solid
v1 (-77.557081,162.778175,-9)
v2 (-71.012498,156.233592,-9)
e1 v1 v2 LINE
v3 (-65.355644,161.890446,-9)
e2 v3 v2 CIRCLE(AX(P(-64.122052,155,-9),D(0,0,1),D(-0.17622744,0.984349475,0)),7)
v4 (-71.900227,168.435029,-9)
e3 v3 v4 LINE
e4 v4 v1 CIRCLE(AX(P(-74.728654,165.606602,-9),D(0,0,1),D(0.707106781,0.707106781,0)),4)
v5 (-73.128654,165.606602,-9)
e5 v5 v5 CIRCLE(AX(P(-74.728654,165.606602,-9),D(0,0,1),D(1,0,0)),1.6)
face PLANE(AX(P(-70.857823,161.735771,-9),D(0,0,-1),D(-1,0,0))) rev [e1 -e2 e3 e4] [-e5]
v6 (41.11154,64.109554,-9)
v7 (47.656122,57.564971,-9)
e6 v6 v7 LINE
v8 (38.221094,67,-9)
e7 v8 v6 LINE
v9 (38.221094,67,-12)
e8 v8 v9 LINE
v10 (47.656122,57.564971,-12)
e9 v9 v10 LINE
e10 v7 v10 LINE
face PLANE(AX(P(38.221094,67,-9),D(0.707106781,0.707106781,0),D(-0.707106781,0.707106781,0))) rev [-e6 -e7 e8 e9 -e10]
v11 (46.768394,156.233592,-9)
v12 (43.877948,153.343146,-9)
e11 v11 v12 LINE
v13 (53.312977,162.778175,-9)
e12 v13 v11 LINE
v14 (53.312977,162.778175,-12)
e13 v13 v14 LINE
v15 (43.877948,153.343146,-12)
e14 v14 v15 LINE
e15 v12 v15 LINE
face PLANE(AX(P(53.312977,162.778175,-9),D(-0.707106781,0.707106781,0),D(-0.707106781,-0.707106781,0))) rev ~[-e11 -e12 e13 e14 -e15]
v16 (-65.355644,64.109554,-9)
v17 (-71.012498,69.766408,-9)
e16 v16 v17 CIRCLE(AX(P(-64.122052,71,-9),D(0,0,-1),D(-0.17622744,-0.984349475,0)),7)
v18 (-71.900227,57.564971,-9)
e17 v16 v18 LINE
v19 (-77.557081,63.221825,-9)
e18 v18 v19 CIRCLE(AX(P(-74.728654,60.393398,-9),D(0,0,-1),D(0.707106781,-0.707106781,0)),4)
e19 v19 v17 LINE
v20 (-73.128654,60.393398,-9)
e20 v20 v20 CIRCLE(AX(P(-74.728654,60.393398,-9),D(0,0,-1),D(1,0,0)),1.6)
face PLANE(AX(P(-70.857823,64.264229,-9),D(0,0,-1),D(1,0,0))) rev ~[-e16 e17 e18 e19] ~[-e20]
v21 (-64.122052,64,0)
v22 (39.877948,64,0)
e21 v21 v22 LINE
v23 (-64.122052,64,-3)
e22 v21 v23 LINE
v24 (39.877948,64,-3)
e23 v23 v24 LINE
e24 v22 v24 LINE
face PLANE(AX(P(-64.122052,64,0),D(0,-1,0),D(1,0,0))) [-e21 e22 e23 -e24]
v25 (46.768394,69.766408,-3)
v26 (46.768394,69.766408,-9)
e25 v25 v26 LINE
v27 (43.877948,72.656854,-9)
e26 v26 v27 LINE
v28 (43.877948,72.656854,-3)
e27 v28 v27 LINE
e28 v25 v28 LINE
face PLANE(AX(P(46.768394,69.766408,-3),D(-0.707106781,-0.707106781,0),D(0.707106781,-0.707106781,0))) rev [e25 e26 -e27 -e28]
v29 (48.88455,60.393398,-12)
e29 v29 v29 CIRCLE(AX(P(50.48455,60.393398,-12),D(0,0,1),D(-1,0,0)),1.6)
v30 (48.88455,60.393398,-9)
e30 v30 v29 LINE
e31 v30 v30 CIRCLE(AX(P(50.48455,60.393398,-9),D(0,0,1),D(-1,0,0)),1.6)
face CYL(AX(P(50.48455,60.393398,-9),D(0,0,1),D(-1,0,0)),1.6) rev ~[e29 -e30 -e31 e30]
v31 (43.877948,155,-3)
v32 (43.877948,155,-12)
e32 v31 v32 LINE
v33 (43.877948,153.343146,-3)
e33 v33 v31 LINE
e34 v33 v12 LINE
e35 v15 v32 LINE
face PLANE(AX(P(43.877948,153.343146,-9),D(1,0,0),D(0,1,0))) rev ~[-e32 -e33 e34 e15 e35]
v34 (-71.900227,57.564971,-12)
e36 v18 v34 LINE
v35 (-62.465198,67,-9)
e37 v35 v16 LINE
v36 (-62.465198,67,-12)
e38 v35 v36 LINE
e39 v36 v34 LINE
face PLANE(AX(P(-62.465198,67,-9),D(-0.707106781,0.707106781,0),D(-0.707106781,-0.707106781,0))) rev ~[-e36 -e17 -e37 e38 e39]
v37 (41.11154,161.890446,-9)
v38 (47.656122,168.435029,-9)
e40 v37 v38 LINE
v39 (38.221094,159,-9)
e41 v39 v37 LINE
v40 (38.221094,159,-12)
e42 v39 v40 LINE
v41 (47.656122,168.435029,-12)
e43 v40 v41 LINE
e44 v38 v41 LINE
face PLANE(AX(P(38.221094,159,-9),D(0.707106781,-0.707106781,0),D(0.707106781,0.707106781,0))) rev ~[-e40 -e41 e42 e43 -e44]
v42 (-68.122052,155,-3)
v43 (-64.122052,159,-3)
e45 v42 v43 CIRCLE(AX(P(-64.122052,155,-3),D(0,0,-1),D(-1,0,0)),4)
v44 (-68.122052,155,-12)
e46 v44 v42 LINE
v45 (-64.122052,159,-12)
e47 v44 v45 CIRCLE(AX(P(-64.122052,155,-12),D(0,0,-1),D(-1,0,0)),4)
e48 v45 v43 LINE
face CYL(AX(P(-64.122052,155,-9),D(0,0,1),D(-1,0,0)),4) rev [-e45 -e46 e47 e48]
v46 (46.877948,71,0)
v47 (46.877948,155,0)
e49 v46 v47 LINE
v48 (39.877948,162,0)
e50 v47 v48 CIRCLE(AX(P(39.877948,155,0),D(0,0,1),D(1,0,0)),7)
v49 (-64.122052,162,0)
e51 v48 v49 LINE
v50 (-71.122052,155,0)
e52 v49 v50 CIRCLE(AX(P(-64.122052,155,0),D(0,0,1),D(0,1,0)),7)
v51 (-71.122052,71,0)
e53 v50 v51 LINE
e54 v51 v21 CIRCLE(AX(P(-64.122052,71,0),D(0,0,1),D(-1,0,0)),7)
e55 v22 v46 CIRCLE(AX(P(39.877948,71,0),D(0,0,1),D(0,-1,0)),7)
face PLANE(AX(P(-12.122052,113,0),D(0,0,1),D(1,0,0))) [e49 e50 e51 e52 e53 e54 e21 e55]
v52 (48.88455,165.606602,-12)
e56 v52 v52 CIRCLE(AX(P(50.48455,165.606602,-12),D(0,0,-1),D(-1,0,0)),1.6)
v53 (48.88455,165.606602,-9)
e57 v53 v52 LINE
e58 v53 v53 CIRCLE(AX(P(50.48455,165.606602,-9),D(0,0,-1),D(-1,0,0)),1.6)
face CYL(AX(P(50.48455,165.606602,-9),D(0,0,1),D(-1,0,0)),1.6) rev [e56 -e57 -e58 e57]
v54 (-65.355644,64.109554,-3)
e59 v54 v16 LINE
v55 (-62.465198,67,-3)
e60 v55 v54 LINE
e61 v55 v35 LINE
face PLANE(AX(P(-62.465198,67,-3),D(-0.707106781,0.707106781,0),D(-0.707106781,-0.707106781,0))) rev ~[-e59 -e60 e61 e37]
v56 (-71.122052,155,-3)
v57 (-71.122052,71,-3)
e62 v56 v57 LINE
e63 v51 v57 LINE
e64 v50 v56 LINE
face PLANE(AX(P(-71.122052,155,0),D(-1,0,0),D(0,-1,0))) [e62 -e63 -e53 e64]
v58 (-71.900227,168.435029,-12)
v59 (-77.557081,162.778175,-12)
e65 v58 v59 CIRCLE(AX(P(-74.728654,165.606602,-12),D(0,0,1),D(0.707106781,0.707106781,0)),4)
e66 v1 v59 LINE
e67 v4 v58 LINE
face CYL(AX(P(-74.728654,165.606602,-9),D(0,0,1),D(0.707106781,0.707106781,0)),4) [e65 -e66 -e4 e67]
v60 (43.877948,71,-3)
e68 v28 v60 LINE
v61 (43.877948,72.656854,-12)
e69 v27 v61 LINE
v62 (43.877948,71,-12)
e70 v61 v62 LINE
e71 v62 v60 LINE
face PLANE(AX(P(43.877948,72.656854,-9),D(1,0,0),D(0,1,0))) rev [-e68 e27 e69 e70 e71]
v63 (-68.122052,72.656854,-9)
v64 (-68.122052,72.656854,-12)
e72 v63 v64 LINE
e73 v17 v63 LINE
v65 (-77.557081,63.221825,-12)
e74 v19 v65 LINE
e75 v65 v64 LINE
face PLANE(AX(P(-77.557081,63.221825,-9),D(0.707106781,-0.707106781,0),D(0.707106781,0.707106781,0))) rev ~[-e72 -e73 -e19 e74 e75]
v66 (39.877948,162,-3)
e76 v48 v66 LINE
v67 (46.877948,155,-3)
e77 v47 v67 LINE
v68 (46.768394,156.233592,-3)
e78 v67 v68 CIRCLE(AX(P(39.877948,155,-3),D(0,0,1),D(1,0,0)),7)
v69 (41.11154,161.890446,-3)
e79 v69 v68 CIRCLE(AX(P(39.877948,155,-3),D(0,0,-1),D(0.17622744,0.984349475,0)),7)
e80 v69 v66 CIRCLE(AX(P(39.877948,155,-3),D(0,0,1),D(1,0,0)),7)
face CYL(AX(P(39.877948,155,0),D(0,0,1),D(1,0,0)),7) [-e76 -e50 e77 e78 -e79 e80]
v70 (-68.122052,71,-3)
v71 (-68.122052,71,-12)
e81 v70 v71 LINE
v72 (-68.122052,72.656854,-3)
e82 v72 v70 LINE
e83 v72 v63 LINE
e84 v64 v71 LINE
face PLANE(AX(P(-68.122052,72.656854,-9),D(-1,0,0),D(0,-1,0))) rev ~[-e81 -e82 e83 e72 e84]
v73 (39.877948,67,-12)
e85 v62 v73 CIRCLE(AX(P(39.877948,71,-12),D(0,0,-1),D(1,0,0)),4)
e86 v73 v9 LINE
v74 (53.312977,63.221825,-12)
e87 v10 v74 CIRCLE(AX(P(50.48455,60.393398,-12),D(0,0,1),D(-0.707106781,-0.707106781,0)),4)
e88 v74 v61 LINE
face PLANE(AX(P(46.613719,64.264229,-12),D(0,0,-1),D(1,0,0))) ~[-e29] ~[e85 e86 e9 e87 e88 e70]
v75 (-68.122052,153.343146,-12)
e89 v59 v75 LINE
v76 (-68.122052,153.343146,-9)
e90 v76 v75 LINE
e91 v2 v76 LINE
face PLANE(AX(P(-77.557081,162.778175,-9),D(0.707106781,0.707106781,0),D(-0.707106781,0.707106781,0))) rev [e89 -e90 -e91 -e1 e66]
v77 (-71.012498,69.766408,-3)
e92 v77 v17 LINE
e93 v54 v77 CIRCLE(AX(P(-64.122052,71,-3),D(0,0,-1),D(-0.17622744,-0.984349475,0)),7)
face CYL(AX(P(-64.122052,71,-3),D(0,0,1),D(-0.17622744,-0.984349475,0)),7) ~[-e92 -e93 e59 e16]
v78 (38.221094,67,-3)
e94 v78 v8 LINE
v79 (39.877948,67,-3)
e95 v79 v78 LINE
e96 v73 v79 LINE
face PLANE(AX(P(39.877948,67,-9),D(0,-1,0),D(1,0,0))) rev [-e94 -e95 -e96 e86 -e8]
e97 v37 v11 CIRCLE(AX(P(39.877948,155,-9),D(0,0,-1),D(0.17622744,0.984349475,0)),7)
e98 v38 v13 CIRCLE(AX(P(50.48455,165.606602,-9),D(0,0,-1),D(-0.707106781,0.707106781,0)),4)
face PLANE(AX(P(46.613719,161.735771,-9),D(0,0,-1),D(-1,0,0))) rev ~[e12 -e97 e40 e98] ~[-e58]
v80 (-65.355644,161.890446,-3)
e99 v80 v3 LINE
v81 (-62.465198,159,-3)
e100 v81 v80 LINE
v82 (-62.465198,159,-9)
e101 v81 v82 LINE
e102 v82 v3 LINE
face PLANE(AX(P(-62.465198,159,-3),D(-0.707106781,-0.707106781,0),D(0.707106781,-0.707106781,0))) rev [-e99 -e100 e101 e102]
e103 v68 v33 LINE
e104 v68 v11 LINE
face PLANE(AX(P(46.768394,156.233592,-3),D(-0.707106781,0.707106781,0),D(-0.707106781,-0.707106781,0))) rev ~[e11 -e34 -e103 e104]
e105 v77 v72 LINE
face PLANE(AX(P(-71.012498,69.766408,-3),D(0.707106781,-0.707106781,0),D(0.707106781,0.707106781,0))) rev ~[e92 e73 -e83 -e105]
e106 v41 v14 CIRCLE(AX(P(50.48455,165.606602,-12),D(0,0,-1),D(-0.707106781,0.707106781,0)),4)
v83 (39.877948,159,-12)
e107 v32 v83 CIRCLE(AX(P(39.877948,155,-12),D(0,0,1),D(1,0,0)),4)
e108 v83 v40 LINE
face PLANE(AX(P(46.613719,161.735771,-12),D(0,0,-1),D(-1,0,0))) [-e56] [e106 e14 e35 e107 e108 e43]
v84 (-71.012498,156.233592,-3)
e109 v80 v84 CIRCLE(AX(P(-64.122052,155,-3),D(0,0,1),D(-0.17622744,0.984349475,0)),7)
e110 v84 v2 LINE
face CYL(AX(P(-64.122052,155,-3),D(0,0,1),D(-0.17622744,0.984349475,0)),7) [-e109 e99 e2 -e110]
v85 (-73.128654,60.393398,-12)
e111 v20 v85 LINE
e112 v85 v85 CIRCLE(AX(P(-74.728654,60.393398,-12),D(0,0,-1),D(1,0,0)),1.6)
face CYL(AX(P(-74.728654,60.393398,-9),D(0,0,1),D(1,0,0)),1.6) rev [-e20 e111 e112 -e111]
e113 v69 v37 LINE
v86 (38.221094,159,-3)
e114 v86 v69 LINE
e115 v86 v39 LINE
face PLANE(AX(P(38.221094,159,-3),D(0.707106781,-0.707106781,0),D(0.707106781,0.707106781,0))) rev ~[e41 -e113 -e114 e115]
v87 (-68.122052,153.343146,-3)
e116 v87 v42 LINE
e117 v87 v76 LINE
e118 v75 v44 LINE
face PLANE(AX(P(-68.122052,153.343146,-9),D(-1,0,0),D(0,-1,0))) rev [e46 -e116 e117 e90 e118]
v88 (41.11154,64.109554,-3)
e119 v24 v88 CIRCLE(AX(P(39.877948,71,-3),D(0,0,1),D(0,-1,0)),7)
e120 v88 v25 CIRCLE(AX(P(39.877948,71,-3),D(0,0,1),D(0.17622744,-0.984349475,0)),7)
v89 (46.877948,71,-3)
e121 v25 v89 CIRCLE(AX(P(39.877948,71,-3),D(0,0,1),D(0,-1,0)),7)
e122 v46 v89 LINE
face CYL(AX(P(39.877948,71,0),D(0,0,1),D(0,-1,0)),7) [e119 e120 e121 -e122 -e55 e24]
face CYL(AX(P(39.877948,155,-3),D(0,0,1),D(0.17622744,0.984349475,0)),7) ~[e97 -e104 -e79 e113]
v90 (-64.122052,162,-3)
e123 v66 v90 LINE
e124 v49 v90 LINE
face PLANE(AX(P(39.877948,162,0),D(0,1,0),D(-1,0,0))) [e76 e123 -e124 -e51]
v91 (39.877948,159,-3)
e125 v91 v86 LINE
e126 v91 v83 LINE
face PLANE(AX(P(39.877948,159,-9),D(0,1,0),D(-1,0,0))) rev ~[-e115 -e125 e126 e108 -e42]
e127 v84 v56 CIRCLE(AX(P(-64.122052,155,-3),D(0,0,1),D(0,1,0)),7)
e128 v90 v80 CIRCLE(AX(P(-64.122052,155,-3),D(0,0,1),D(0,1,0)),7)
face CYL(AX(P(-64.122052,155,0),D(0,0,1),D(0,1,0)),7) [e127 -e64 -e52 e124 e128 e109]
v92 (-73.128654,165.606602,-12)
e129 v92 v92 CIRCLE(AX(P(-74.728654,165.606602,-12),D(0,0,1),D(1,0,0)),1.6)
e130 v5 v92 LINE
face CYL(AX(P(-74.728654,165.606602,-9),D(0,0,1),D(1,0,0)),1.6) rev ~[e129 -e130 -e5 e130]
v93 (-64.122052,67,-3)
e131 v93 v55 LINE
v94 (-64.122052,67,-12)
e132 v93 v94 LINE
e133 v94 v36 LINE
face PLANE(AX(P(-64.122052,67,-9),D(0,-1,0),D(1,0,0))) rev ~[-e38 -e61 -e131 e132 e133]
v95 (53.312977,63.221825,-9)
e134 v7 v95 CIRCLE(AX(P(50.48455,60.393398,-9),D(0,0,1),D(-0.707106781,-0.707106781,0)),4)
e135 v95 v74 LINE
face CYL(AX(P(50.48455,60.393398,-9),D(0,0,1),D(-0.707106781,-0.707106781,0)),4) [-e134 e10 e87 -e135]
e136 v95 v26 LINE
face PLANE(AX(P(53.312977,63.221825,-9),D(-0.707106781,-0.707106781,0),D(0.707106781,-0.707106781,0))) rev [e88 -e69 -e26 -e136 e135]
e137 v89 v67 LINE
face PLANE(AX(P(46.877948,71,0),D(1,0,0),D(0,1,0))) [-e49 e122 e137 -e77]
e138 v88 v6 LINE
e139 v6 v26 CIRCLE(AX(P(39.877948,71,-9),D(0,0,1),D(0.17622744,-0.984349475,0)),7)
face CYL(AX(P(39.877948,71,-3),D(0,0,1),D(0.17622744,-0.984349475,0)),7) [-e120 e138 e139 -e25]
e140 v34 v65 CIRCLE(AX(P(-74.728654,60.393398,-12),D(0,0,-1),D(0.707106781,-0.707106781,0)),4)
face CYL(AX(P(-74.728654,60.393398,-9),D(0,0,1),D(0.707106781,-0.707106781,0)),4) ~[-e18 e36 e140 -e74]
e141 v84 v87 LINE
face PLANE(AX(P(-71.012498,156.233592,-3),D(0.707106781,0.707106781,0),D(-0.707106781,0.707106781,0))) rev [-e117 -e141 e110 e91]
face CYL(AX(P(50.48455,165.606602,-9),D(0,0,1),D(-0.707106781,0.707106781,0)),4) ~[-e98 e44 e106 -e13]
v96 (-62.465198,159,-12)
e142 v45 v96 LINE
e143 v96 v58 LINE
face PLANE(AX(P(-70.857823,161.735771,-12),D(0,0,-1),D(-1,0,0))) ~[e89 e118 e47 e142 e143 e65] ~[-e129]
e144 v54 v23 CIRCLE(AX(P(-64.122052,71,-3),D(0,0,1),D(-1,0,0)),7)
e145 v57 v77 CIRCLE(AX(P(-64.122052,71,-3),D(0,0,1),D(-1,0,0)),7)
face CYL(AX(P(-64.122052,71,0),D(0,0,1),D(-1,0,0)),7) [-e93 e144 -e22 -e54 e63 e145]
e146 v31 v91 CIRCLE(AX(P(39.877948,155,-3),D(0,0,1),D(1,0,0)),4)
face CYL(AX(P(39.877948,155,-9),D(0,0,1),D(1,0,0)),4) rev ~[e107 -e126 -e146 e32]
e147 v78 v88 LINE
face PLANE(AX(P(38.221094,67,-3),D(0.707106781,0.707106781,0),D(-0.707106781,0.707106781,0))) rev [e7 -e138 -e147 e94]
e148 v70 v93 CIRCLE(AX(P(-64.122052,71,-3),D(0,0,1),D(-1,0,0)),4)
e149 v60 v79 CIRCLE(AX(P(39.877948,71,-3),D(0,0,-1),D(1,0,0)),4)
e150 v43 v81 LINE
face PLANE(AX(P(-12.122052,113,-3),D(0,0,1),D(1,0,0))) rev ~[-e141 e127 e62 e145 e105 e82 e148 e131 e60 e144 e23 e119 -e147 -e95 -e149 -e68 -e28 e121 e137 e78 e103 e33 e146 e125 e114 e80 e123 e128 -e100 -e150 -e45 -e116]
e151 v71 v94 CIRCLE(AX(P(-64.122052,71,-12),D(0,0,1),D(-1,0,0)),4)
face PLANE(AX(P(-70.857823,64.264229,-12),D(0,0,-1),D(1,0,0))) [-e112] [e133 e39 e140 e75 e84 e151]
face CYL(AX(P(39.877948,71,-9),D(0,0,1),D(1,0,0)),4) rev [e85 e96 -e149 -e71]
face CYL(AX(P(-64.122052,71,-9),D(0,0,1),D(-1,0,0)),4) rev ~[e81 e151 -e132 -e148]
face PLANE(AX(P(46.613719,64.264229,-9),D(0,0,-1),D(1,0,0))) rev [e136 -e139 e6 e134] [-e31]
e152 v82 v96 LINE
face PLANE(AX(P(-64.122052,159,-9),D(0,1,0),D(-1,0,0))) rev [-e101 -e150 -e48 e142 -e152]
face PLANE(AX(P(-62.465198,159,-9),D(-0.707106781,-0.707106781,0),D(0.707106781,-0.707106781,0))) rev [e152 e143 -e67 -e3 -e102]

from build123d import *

# Parameters (mm, degrees)
BOSS_EXTRUDE1_DEPTH     = 3
BOSS_EXTRUDE2_DEPTH     = 6
SKETCH3_R               = 1.6
BOSS_EXTRUDE3_DEPTH     = 3
MIRROR2_COPY_1_DEPTH    = 6
MIRROR2_COPY_2_SKETCH_R = 1.6
MIRROR2_COPY_2_DEPTH    = 3


with BuildPart() as part:
    # Sketch1 → Boss-Extrude1 (new body)
    with BuildSketch(Plane.XY):
        with BuildLine():
            Line((-71.122052126, 155), (-71.122052126, 71))
            ThreePointArc((-71.122052126, 71), (-69.071799594, 66.050252532), (-64.122052126, 64))
            Line((-64.122052126, 64), (39.877947874, 64))
            ThreePointArc((39.877947874, 64), (44.827695342, 66.050252532), (46.877947874, 71))
            Line((46.877947874, 71), (46.877947874, 155))
            ThreePointArc((46.877947874, 155), (44.827695342, 159.949747468), (39.877947874, 162))
            Line((39.877947874, 162), (-64.122052126, 162))
            ThreePointArc((-64.122052126, 162), (-69.071799594, 159.949747468), (-71.122052126, 155))
        make_face()
    extrude(amount=-BOSS_EXTRUDE1_DEPTH)

    # Sketch2 → Boss-Extrude2 (add)
    with BuildSketch(Plane(origin=(0, 0, -3), x_dir=(-1, 0, 0), z_dir=(0, 0, -1))):
        with BuildLine():
            Line((-46.768394201, 156.233592078), (-43.877947874, 153.343145751))
            Line((-43.877947874, 153.343145751), (-43.877947874, 155))
            ThreePointArc((-43.877947874, 155), (-42.706374999, 157.828427125), (-39.877947874, 159))
            Line((-39.877947874, 159), (-38.221093625, 159))
            Line((-38.221093625, 159), (-41.111539952, 161.890446327))
            ThreePointArc((-41.111539952, 161.890446327), (-44.827695342, 159.949747468), (-46.768394201, 156.233592078))
        make_face()
    boss_extrude2 = extrude(amount=BOSS_EXTRUDE2_DEPTH)

    # Sketch3 → Boss-Extrude3 (add)
    with BuildSketch(Plane(origin=(0, 0, -9), x_dir=(-1, 0, 0), z_dir=(0, 0, -1))):
        with BuildLine():
            Line((-43.877947874, 153.343145751), (-43.877947874, 155))
            ThreePointArc((-43.877947874, 155), (-42.706374999, 157.828427125), (-39.877947874, 159))
            Line((-39.877947874, 159), (-38.221093625, 159))
            Line((-38.221093625, 159), (-47.656122467, 168.435028843))
            ThreePointArc((-47.656122467, 168.435028843), (-53.312976717, 168.435028843), (-53.312976717, 162.778174593))
            Line((-53.312976717, 162.778174593), (-43.877947874, 153.343145751))
        make_face()
        with Locations((-50.484549592, 165.606601718)):
            Circle(SKETCH3_R, mode=Mode.SUBTRACT)
    boss_extrude3 = extrude(amount=BOSS_EXTRUDE3_DEPTH)

    # Mirror1: Boss-Extrude2, Boss-Extrude3 across plane
    add(boss_extrude2.mirror(Plane.ZY.offset(12.122052126)))
    add(boss_extrude3.mirror(Plane.ZY.offset(12.122052126)))

    # Mirror2: Boss-Extrude2, Boss-Extrude3 across plane
    add(boss_extrude2.mirror(Plane.ZX.offset(113)))
    add(boss_extrude3.mirror(Plane.ZX.offset(113)))

    # Mirror2 copy 1 sketch → Mirror2 copy 1 (add)
    with BuildSketch(Plane(origin=(-24.244104252, 226, -3), x_dir=(1, 0, 0), z_dir=(0, 0, -1))):
        with BuildLine():
            Line((-46.768394201, 156.233592078), (-43.877947874, 153.343145751))
            Line((-43.877947874, 153.343145751), (-43.877947874, 155))
            ThreePointArc((-43.877947874, 155), (-42.706374999, 157.828427125), (-39.877947874, 159))
            Line((-39.877947874, 159), (-38.221093625, 159))
            Line((-38.221093625, 159), (-41.111539952, 161.890446327))
            ThreePointArc((-41.111539952, 161.890446327), (-44.827695342, 159.949747468), (-46.768394201, 156.233592078))
        make_face()
    extrude(amount=MIRROR2_COPY_1_DEPTH)

    # Mirror2 copy 2 sketch → Mirror2 copy 2 (add)
    with BuildSketch(Plane(origin=(-24.244104252, 226, -9), x_dir=(1, 0, 0), z_dir=(0, 0, -1))):
        with BuildLine():
            Line((-43.877947874, 153.343145751), (-43.877947874, 155))
            ThreePointArc((-43.877947874, 155), (-42.706374999, 157.828427125), (-39.877947874, 159))
            Line((-39.877947874, 159), (-38.221093625, 159))
            Line((-38.221093625, 159), (-47.656122467, 168.435028843))
            ThreePointArc((-47.656122467, 168.435028843), (-53.312976717, 168.435028843), (-53.312976717, 162.778174593))
            Line((-53.312976717, 162.778174593), (-43.877947874, 153.343145751))
        make_face()
        with Locations((-50.484549592, 165.606601718)):
            Circle(MIRROR2_COPY_2_SKETCH_R, mode=Mode.SUBTRACT)
    extrude(amount=MIRROR2_COPY_2_DEPTH)


solid = part.part
